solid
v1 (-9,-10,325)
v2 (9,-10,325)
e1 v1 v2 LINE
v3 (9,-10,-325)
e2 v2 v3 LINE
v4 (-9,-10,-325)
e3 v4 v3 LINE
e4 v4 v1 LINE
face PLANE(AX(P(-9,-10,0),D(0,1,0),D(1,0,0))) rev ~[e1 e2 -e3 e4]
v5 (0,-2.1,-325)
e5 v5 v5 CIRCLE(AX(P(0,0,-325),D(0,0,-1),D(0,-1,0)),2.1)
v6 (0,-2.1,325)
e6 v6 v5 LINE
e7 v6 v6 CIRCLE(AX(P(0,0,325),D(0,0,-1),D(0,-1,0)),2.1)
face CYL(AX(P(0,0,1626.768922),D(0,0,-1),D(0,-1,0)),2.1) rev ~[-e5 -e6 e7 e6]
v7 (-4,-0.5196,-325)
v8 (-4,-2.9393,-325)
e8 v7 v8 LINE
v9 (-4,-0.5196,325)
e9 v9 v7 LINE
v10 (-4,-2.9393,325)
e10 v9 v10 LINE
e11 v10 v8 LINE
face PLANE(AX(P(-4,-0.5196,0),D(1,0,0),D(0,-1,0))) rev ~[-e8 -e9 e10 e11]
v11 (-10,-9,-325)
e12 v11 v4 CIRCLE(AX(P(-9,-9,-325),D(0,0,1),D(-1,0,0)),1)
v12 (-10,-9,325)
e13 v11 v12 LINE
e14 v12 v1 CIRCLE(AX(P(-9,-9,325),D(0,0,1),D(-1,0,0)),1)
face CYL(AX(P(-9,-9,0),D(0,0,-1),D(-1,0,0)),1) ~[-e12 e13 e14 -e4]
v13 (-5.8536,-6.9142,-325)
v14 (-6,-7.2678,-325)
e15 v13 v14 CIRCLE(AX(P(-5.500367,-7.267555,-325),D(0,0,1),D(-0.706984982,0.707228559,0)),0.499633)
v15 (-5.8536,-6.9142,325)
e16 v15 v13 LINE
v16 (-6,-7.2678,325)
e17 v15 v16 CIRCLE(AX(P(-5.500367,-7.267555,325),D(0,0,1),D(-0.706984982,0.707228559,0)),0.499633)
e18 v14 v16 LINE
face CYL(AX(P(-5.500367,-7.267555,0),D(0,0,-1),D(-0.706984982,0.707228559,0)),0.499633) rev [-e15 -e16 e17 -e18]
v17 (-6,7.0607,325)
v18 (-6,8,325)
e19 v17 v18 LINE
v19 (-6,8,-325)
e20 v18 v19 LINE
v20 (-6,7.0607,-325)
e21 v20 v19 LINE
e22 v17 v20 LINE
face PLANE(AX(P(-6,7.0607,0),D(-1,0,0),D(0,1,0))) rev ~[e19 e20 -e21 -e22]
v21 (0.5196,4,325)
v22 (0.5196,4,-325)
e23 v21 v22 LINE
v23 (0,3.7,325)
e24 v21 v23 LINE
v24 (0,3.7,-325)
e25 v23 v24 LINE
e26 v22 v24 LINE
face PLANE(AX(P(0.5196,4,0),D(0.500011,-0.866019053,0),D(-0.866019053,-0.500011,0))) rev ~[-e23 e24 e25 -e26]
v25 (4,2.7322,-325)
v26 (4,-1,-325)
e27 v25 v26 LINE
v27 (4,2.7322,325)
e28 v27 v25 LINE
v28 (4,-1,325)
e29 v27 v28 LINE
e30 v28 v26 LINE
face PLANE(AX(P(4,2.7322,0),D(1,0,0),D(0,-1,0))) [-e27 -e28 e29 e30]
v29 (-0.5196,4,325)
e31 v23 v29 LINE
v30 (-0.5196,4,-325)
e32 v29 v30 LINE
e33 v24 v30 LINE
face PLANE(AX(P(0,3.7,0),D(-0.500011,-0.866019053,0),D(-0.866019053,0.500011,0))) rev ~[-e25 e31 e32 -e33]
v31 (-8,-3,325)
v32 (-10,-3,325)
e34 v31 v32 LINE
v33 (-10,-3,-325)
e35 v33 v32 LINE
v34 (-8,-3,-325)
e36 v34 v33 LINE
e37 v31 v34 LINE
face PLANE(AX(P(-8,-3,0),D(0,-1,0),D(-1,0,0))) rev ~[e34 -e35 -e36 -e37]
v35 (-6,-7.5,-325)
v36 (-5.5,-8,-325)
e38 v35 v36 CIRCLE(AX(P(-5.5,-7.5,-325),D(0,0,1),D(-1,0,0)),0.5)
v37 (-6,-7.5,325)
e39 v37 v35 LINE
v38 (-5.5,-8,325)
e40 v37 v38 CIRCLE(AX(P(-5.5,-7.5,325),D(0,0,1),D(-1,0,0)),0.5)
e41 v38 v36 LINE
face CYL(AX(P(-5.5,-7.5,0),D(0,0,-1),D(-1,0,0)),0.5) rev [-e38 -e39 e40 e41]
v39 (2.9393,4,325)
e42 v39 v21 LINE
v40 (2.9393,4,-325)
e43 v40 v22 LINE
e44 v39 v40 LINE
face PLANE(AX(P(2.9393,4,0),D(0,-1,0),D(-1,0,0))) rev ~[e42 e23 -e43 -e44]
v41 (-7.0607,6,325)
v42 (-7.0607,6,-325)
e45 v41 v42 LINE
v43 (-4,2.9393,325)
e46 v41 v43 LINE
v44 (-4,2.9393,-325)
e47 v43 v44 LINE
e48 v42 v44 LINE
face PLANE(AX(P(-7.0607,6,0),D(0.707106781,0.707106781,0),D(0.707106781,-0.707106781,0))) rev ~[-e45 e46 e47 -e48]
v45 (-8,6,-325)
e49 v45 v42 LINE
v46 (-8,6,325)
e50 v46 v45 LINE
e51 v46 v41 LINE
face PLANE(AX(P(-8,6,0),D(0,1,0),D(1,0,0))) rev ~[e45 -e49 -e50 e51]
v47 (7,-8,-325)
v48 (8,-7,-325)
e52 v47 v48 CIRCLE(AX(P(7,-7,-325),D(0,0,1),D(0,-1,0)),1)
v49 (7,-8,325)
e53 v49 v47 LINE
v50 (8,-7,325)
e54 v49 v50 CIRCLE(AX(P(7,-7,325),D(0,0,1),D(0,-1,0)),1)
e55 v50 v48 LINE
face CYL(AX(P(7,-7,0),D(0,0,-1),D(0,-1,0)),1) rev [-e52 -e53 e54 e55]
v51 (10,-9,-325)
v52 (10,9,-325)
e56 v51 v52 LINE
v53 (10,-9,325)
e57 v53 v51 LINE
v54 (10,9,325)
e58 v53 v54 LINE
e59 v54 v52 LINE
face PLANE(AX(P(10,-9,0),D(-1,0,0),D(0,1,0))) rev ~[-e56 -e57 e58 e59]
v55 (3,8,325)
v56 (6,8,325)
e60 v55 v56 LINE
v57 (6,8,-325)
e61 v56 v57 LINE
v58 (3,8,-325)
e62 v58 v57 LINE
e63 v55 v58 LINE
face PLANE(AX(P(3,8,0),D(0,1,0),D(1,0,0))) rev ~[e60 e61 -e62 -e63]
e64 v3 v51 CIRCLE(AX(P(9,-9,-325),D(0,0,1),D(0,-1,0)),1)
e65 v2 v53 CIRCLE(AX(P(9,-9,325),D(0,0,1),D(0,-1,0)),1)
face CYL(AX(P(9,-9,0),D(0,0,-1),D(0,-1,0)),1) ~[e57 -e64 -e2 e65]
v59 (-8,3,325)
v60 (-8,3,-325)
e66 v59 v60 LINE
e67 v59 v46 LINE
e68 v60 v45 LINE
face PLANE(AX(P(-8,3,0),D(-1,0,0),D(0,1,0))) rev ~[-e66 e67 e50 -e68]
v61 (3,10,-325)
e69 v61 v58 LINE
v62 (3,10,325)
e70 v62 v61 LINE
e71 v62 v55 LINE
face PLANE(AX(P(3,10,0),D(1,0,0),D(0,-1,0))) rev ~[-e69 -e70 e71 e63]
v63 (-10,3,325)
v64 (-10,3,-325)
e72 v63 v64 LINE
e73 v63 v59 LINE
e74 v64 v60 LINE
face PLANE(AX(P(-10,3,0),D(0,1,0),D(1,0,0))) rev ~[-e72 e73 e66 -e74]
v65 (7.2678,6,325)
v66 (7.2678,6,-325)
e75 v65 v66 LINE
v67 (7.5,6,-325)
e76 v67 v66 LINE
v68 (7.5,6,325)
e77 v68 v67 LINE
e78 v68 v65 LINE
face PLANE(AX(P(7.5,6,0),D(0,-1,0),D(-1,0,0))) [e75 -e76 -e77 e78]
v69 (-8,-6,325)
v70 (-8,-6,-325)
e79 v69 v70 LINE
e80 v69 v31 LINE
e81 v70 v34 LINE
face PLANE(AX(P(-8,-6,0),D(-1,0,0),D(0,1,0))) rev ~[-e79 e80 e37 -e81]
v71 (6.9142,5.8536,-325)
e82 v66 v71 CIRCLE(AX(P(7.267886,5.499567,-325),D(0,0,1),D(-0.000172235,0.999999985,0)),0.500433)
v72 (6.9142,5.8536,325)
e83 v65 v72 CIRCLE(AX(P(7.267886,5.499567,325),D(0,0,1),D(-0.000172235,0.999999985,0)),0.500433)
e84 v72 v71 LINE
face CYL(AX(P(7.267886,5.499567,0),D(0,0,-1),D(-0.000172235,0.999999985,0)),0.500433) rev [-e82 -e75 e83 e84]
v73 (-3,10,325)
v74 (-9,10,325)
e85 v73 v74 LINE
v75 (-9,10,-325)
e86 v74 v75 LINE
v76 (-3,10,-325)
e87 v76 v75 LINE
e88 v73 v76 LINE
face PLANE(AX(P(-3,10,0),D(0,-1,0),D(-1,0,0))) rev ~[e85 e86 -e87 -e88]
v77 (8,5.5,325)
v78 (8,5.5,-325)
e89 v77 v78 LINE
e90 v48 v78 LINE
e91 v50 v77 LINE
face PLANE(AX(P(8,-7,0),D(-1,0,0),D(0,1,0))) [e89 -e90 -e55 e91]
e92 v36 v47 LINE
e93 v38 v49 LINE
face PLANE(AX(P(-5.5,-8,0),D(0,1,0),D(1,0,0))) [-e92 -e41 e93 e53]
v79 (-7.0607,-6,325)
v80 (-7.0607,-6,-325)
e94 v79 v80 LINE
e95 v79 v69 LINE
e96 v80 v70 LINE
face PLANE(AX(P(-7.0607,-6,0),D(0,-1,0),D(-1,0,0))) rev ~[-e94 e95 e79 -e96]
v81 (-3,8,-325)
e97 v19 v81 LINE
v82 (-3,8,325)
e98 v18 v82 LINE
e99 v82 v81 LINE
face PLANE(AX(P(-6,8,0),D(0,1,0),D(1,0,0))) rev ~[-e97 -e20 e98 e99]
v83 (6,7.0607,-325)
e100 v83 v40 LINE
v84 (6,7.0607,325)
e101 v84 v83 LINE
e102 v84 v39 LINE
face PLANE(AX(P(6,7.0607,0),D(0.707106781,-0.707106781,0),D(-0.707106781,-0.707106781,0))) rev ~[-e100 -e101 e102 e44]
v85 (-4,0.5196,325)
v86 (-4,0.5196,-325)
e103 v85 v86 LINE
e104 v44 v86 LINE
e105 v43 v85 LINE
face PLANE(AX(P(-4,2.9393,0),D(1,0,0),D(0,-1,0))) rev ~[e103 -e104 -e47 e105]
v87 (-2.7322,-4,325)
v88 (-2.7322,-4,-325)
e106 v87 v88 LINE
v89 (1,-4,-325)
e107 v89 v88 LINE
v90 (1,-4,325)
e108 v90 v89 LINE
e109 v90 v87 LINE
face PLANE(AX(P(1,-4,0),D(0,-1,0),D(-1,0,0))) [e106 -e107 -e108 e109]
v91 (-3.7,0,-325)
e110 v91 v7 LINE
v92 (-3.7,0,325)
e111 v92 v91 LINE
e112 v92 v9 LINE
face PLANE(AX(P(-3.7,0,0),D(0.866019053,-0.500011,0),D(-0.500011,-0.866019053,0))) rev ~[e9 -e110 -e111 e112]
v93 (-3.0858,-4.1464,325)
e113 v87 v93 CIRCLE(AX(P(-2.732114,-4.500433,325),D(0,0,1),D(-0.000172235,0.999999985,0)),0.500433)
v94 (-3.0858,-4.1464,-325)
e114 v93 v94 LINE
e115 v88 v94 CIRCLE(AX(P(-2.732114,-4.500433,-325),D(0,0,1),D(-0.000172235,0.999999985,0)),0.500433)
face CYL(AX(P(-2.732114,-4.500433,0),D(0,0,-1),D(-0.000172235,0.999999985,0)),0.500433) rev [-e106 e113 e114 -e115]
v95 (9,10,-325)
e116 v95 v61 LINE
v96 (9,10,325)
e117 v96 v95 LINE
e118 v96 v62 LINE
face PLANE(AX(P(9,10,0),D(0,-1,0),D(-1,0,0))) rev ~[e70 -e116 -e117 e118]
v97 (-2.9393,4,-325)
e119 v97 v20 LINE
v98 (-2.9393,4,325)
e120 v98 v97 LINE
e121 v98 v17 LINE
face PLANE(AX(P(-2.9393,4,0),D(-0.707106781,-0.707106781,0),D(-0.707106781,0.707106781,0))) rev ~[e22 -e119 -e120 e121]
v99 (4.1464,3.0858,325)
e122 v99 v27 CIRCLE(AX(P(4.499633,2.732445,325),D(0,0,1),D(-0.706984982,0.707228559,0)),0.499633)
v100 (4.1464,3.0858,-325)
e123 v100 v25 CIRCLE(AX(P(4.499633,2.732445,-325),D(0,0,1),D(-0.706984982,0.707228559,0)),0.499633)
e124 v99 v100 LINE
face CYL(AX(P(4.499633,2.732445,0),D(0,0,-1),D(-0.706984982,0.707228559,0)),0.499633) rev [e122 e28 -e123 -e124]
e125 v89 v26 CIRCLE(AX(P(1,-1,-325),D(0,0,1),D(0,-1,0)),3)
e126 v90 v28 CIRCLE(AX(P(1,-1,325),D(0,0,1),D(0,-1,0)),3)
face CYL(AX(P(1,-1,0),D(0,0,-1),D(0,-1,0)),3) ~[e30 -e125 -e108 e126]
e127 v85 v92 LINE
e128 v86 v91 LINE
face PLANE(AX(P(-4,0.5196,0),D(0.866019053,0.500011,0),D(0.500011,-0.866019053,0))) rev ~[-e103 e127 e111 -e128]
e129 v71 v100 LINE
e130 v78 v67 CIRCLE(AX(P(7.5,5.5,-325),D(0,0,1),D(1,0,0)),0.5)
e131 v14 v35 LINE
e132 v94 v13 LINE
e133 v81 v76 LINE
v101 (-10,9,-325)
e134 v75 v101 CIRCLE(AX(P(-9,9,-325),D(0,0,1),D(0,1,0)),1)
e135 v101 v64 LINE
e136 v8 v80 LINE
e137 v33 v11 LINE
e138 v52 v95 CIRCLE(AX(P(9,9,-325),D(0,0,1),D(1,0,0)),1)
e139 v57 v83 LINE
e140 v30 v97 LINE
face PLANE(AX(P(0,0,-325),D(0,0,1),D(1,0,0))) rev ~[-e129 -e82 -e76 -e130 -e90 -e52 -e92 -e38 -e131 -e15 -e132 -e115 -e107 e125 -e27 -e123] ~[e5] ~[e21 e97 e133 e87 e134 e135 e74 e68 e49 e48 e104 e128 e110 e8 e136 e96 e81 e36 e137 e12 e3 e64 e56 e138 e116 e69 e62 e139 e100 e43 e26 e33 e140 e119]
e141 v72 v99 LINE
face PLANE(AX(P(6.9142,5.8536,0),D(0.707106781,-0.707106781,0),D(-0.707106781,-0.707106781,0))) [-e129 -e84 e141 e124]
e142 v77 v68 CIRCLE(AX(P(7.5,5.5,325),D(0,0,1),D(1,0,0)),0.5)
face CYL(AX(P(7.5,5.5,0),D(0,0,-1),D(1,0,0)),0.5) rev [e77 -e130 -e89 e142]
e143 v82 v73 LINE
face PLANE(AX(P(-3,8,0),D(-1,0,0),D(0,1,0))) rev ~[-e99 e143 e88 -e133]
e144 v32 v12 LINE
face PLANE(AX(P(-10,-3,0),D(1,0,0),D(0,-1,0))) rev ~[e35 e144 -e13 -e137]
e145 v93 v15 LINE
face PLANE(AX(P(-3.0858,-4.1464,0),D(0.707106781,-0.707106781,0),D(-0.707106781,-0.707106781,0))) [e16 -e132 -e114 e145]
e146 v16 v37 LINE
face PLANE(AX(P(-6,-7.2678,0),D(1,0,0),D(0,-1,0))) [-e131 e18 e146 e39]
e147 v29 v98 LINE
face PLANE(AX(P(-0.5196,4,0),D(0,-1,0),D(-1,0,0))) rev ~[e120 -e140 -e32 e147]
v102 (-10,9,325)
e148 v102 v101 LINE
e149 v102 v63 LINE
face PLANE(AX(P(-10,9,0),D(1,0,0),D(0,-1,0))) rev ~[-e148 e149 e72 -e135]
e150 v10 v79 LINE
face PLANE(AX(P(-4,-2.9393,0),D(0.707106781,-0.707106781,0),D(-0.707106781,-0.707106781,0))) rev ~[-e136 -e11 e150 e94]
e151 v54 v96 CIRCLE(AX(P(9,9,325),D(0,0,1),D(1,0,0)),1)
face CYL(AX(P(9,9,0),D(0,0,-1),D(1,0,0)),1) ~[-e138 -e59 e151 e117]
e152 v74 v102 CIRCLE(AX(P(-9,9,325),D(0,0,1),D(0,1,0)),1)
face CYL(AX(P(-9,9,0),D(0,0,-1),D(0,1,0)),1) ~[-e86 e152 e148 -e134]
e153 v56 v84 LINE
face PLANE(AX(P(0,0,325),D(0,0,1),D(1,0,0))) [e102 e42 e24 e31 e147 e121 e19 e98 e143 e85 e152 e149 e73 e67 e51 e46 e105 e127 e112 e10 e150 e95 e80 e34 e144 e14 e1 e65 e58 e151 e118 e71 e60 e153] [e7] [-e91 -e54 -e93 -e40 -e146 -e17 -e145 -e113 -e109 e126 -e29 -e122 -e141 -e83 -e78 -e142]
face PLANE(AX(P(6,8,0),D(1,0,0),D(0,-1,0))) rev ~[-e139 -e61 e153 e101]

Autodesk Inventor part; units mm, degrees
sketch "Sketch_64" plane through (0, 0, 0) normal (0, 0, 1) x (1, 0, 0)
  line L0 (-10, -3) -> (-10, -9)
  arc A0 (-10, -9) -> (-9, -10) centre (-9, -9) ccw
  line L1 (-9, -10) -> (9, -10)
  arc A1 (9, -10) -> (10, -9) centre (9, -9) ccw
  line L2 (10, -9) -> (10, 9)
  arc A2 (10, 9) -> (9, 10) centre (9, 9) ccw
  line L3 (9, 10) -> (3, 10)
  line L4 (3, 10) -> (3, 8)
  line L5 (3, 8) -> (6, 8)
  line L6 (6, 8) -> (6, 7.0607)
  line L7 (6, 7.0607) -> (2.9393, 4)
  line L8 (2.9393, 4) -> (0.5196, 4)
  line L9 (0.5196, 4) -> (0, 3.7)
  line L10 (0, 3.7) -> (-0.5196, 4)
  line L11 (-0.5196, 4) -> (-2.9393, 4)
  line L12 (-2.9393, 4) -> (-6, 7.0607)
  line L13 (-6, 7.0607) -> (-6, 8)
  line L14 (-6, 8) -> (-3, 8)
  line L15 (-3, 8) -> (-3, 10)
  line L16 (-3, 10) -> (-9, 10)
  arc A3 (-9, 10) -> (-10, 9) centre (-9, 9) ccw
  line L17 (-10, 9) -> (-10, 3)
  line L18 (-10, 3) -> (-8, 3)
  line L19 (-8, 3) -> (-8, 6)
  line L20 (-8, 6) -> (-7.0607, 6)
  line L21 (-7.0607, 6) -> (-4, 2.9393)
  line L22 (-4, 2.9393) -> (-4, 0.5196)
  line L23 (-4, 0.5196) -> (-3.7, 0)
  line L24 (-3.7, 0) -> (-4, -0.5196)
  line L25 (-4, -0.5196) -> (-4, -2.9393)
  line L26 (-4, -2.9393) -> (-7.0607, -6)
  line L27 (-7.0607, -6) -> (-8, -6)
  line L28 (-8, -6) -> (-8, -3)
  line L29 (-8, -3) -> (-10, -3)
  line L30 (-6, -7.2678) -> (-6, -7.5)
  arc A4 (-6, -7.5) -> (-5.5, -8) centre (-5.5, -7.5) ccw
  line L31 (-5.5, -8) -> (7, -8)
  arc A5 (7, -8) -> (8, -7) centre (7, -7) ccw
  line L32 (8, -7) -> (8, 5.5)
  arc A6 (8, 5.5) -> (7.5, 6) centre (7.5, 5.5) ccw
  line L33 (7.5, 6) -> (7.2678, 6)
  arc A7 (7.2678, 6) -> (6.9142, 5.8536) centre (7.2678, 5.5) ccw
  line L34 (6.9142, 5.8536) -> (4.1464, 3.0858)
  arc A8 (4.1464, 3.0858) -> (4, 2.7322) centre (4.5, 2.7322) ccw
  line L35 (4, 2.7322) -> (4, -1)
  arc A9 (1, -4) -> (4, -1) centre (1, -1) ccw
  line L36 (1, -4) -> (-2.7322, -4)
  arc A10 (-2.7322, -4) -> (-3.0858, -4.1464) centre (-2.7322, -4.5) ccw
  line L37 (-3.0858, -4.1464) -> (-5.8536, -6.9142)
  arc A11 (-5.8536, -6.9142) -> (-6, -7.2678) centre (-5.5, -7.2678) ccw
extrude "Extrusion1" add sketch "Sketch_64" along normal mid plane 650
sketch "Sketch2" plane through (0, 0, 325) normal (0, 0, 1) x (-1, 0, 0)
  point P0 (0, 0)
hole "Hole1" at (0, 0, 325) direction (0, 0, -1) diameter 4.2 end through all both
ref_plane "C1_XY" through (0, 0, 0) normal (0, 0, 1) x (1, 0, 0)
ref_plane "C1_YZ" through (0, 0, 0) normal (1, 0, 0) x (0, 1, 0)
ref_plane "C1_ZX" through (0, 0, 0) normal (0, 1, 0) x (0, 0, 1)
thread "Thread1" size "M5x0.8" class "6H" standard "ANSI Metric M Profile" length 10
thread "Thread2" size "M5x0.8" class "6H" standard "ANSI Metric M Profile" length 10
properties part number "HFSTB5-2020-680" material "Aluminum 6061"
